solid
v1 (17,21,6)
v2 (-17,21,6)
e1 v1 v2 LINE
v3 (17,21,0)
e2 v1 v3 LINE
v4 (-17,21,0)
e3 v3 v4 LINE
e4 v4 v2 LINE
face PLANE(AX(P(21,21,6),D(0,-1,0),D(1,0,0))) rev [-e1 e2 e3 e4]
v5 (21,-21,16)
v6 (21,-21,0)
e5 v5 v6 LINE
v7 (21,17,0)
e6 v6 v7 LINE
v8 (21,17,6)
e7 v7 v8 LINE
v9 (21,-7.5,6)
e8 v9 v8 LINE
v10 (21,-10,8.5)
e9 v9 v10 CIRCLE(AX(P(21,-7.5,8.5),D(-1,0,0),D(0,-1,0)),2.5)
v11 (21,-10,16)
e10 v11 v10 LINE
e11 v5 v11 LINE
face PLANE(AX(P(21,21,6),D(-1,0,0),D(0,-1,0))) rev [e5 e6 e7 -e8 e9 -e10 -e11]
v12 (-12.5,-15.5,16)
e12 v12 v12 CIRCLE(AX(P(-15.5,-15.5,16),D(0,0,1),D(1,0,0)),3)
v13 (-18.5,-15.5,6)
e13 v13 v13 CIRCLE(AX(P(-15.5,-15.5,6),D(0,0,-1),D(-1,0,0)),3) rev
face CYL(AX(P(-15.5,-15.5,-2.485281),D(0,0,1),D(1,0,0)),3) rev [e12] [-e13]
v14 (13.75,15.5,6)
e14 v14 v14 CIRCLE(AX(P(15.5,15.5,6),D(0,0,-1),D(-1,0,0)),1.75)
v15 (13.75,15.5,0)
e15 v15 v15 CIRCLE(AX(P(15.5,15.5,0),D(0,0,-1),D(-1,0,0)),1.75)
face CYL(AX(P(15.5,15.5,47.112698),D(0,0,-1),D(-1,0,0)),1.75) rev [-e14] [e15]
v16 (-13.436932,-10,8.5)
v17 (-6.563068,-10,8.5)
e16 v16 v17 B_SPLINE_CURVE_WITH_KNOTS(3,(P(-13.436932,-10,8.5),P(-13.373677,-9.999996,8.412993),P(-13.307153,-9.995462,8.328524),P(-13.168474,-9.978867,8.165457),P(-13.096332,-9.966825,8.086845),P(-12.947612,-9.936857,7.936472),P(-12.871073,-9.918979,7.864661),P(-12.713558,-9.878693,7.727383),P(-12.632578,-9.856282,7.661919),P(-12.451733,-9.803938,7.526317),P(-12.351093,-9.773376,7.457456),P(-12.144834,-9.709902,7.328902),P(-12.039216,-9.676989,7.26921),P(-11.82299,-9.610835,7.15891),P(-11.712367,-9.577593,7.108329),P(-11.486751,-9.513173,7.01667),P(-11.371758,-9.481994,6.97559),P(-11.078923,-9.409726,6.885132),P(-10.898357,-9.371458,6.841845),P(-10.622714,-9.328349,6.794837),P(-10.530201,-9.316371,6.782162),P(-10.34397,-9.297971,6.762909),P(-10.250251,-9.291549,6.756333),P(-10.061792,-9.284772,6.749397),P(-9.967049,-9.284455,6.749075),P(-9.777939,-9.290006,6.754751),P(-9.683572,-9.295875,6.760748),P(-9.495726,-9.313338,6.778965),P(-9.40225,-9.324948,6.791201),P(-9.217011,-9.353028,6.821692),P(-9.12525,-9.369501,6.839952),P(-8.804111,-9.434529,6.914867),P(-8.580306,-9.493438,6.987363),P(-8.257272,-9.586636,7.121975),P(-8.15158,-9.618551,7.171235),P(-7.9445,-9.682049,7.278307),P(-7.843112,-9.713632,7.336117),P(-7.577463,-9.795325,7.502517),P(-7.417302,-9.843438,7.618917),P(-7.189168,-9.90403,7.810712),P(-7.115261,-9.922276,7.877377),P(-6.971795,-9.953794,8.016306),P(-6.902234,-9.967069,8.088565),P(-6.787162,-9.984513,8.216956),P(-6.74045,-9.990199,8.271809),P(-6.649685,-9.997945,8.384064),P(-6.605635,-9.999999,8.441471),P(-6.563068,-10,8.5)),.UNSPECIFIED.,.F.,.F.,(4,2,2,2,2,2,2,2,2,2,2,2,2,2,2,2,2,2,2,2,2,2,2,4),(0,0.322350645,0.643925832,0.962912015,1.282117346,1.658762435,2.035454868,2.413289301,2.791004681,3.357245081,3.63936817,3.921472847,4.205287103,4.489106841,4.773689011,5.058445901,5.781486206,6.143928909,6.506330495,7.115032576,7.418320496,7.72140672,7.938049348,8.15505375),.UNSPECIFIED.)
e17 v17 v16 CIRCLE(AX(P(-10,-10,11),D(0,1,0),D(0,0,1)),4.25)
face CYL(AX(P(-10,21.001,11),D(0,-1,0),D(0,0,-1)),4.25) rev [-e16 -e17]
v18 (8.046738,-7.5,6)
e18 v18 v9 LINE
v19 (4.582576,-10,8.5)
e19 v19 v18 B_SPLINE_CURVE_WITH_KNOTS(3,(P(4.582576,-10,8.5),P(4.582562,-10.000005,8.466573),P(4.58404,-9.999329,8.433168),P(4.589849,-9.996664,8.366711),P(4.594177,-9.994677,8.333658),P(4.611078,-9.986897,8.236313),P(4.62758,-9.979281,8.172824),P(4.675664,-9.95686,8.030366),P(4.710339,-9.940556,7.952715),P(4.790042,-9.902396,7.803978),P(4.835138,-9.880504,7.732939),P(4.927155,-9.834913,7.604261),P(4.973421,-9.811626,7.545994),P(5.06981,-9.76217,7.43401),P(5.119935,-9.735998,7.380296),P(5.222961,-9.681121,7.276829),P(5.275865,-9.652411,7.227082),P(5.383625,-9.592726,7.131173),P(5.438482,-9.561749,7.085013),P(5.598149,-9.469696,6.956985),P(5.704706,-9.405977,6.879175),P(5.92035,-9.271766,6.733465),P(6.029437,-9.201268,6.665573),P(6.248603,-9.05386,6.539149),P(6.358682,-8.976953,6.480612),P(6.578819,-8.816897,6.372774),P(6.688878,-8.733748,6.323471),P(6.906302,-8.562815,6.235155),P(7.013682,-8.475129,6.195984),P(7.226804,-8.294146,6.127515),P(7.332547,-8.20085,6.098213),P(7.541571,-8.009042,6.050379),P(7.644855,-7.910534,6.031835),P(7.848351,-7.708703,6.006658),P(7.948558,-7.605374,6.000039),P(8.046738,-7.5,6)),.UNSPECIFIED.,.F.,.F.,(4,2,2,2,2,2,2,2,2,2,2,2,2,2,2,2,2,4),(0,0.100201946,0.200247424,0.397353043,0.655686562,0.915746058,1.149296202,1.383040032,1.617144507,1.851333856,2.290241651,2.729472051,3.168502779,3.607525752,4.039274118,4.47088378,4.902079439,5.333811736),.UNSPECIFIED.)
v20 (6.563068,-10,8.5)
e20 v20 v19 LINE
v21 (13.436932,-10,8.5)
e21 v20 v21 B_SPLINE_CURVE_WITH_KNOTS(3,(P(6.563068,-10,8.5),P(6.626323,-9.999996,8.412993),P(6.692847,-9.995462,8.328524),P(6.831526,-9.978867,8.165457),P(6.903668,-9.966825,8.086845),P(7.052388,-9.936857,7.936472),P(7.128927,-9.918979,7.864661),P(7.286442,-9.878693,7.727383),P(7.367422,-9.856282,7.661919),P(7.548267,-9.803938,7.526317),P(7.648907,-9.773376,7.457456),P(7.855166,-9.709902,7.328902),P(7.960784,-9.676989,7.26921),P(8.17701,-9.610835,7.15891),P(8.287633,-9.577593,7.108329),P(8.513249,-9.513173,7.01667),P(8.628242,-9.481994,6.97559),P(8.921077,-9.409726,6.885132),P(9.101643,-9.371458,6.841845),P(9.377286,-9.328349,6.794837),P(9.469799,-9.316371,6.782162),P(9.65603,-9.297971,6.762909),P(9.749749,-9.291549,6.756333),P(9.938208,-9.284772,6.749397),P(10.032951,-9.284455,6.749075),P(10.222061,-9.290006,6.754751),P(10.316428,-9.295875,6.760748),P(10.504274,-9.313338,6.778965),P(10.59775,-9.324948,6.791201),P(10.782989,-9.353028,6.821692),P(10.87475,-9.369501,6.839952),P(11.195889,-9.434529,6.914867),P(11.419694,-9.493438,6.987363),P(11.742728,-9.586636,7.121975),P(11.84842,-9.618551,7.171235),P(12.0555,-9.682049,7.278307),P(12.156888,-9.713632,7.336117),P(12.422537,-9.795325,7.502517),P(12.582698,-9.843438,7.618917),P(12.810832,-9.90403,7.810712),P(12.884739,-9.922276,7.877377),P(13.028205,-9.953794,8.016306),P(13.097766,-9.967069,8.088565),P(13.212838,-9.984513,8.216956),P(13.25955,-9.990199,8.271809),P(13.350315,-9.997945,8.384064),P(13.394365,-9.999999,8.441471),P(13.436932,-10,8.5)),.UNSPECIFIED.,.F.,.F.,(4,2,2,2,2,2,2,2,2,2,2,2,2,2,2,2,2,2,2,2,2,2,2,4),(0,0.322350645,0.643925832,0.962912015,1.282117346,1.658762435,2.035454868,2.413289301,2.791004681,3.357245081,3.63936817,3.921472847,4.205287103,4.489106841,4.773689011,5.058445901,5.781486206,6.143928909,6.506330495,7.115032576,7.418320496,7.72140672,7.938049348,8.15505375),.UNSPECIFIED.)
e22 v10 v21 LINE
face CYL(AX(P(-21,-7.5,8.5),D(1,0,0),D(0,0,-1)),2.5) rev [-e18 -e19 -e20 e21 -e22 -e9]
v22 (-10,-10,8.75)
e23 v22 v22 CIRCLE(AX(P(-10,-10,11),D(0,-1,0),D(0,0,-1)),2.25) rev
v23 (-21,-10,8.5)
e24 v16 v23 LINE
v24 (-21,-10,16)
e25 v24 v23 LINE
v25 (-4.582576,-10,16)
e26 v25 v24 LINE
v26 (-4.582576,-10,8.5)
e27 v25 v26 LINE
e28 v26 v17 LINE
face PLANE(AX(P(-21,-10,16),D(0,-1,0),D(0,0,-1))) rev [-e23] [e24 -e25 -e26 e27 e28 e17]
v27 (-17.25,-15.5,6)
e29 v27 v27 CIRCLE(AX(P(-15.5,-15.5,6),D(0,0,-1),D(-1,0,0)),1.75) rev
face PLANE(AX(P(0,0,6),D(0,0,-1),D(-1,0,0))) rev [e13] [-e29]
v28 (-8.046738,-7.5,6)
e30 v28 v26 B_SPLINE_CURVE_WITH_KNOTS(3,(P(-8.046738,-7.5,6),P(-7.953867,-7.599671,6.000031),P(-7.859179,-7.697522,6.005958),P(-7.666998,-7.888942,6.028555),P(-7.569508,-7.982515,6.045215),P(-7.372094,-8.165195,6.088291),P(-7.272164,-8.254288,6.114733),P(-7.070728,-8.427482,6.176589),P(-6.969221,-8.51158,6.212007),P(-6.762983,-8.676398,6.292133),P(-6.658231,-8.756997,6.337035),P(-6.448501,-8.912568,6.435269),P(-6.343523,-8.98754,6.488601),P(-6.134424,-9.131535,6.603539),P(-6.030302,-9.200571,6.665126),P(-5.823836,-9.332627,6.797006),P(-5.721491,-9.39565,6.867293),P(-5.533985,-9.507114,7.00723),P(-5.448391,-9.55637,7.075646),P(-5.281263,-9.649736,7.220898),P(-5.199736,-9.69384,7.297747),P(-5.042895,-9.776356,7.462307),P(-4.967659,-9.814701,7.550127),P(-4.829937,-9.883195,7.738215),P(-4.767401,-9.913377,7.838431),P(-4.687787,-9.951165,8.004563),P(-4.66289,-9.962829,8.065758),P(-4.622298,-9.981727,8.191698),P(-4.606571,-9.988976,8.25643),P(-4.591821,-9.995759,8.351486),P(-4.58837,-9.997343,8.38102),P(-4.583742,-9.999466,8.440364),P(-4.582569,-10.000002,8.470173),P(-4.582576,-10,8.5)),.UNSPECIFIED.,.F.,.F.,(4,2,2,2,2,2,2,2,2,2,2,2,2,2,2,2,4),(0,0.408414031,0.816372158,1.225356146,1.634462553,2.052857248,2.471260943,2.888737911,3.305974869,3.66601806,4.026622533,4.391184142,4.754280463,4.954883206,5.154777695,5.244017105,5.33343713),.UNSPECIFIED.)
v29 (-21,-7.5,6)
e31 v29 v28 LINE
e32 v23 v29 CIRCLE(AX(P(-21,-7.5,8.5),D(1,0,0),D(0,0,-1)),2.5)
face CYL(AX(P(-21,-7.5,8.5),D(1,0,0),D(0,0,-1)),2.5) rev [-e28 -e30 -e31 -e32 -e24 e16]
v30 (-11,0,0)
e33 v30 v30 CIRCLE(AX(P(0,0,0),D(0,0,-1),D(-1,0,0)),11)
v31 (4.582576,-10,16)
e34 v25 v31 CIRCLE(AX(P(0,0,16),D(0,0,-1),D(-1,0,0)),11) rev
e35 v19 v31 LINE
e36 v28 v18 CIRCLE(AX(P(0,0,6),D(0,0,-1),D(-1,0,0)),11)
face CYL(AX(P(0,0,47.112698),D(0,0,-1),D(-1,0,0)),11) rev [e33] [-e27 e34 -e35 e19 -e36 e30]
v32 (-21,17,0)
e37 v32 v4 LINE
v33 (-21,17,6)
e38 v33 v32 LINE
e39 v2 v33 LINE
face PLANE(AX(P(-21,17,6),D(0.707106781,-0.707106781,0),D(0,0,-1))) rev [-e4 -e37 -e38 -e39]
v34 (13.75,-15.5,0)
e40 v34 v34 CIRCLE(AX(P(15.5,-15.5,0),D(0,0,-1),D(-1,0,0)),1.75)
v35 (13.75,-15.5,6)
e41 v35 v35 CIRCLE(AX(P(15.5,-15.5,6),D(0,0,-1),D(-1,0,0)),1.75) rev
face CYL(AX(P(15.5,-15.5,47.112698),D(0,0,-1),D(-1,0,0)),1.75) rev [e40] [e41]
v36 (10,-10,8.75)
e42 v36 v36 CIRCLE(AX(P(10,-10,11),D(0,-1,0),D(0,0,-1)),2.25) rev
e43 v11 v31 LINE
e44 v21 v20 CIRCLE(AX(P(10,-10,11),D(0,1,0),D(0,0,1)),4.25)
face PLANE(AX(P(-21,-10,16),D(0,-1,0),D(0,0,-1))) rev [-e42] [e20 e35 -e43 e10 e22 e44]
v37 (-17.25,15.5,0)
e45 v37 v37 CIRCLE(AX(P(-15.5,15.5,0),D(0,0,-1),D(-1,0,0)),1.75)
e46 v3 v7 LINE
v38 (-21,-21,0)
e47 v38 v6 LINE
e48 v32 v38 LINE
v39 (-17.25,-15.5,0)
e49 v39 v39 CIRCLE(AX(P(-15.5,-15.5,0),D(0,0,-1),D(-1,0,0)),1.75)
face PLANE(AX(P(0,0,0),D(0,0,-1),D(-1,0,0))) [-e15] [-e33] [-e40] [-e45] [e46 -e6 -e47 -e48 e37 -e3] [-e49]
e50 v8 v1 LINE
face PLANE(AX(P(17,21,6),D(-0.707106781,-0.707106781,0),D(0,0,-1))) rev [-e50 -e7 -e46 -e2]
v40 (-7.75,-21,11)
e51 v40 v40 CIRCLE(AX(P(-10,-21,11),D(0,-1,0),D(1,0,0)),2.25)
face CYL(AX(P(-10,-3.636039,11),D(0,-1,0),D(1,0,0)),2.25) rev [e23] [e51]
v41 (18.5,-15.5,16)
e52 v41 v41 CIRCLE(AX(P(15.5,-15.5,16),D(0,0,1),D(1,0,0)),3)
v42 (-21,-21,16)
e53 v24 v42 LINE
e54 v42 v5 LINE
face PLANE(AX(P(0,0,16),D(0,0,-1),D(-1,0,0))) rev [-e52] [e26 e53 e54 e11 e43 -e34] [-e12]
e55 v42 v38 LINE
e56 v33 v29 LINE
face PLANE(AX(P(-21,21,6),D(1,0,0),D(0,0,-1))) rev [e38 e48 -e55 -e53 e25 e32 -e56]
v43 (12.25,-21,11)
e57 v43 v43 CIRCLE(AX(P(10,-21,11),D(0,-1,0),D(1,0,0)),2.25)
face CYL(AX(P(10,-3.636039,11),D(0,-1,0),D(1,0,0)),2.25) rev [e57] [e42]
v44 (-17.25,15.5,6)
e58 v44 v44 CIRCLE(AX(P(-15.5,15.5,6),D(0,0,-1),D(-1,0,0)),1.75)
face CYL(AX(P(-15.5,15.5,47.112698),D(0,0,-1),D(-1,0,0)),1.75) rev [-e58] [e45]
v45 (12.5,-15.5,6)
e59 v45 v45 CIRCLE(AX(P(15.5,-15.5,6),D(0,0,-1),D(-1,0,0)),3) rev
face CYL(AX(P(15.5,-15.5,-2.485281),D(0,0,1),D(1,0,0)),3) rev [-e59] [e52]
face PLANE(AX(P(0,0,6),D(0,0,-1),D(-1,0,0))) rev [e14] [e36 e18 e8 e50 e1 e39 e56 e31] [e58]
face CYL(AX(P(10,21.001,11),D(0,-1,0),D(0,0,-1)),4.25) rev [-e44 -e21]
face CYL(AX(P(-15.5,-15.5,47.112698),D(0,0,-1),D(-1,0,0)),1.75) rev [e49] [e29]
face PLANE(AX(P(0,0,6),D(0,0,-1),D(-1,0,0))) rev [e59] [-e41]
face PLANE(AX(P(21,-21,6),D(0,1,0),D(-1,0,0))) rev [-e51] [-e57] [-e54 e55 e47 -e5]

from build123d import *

# Parameters (mm, degrees)
ESBO_O1_W                = 42
ESBO_O1_H                = 42
RESSALTO_EXTRUS_O3_DEPTH = 6
ESBO_O7_W                = 42
ESBO_O7_H                = 11
RESSALTO_EXTRUS_O4_DEPTH = 10
CORTE_EXTRUS_O3_REACH    = 35.734
ESBO_O6_R                = 11
ESBO_O6_R_2              = 1.75
CHANFRO1_SIZE            = 4
FILETE1_R                = 2.5
ESBO_O8_R                = 2.25
CORTE_EXTRUS_O4_DEPTH    = 11
ESBO_O9_R                = 3
CORTE_EXTRUS_O5_DEPTH    = 10
CORTE_EXTRUS_O6_REACH    = 42.719
ESBO_O10_R               = 4.25


with BuildPart() as part:
    # Esboço1 → Ressalto-extrusão3 (new body)
    with BuildSketch(Plane.XY):
        Rectangle(ESBO_O1_W, ESBO_O1_H)
    extrude(amount=RESSALTO_EXTRUS_O3_DEPTH)

    # Esboço7 → Ressalto-extrusão4 (add)
    with BuildSketch(Plane.XY.offset(6)):
        with Locations((0, -15.5)):
            Rectangle(ESBO_O7_W, ESBO_O7_H)
    extrude(amount=RESSALTO_EXTRUS_O4_DEPTH)

    # Corte-extrusão3: up to this face of the body (flat: up to its plane)
    corte_extrus_o3_end = Plane(part.part.faces().sort_by_distance((0, -15.5, 16))[0])
    # Esboço6 → Corte-extrusão3 (cut, up to the picked face)
    with BuildSketch(Plane(origin=(0, 0, 0), x_dir=(-1, 0, 0), z_dir=(0, 0, -1)), mode=Mode.PRIVATE) as corte_extrus_o3_sk1:
        Circle(ESBO_O6_R)
    corte_extrus_o3_tool1 = split(extrude(corte_extrus_o3_sk1.sketch, amount=-CORTE_EXTRUS_O3_REACH, mode=Mode.PRIVATE), bisect_by=corte_extrus_o3_end, keep=Keep.BOTH, mode=Mode.PRIVATE)
    # Esboço6 → Corte-extrusão3 (cut, up to the picked face)
    with BuildSketch(Plane(origin=(0, 0, 0), x_dir=(-1, 0, 0), z_dir=(0, 0, -1)), mode=Mode.PRIVATE) as corte_extrus_o3_sk2:
        with Locations((-15.5, 15.5)):
            Circle(ESBO_O6_R_2)
    corte_extrus_o3_tool2 = split(extrude(corte_extrus_o3_sk2.sketch, amount=-CORTE_EXTRUS_O3_REACH, mode=Mode.PRIVATE), bisect_by=corte_extrus_o3_end, keep=Keep.BOTH, mode=Mode.PRIVATE)
    # Esboço6 → Corte-extrusão3 (cut, up to the picked face)
    with BuildSketch(Plane(origin=(0, 0, 0), x_dir=(-1, 0, 0), z_dir=(0, 0, -1)), mode=Mode.PRIVATE) as corte_extrus_o3_sk3:
        with Locations((15.5, 15.5)):
            Circle(ESBO_O6_R_2)
    corte_extrus_o3_tool3 = split(extrude(corte_extrus_o3_sk3.sketch, amount=-CORTE_EXTRUS_O3_REACH, mode=Mode.PRIVATE), bisect_by=corte_extrus_o3_end, keep=Keep.BOTH, mode=Mode.PRIVATE)
    # Esboço6 → Corte-extrusão3 (cut, up to the picked face)
    with BuildSketch(Plane(origin=(0, 0, 0), x_dir=(-1, 0, 0), z_dir=(0, 0, -1)), mode=Mode.PRIVATE) as corte_extrus_o3_sk4:
        with Locations((15.5, -15.5)):
            Circle(ESBO_O6_R_2)
    corte_extrus_o3_tool4 = split(extrude(corte_extrus_o3_sk4.sketch, amount=-CORTE_EXTRUS_O3_REACH, mode=Mode.PRIVATE), bisect_by=corte_extrus_o3_end, keep=Keep.BOTH, mode=Mode.PRIVATE)
    # Esboço6 → Corte-extrusão3 (cut, up to the picked face)
    with BuildSketch(Plane(origin=(0, 0, 0), x_dir=(-1, 0, 0), z_dir=(0, 0, -1)), mode=Mode.PRIVATE) as corte_extrus_o3_sk5:
        with Locations((-15.5, -15.5)):
            Circle(ESBO_O6_R_2)
    corte_extrus_o3_tool5 = split(extrude(corte_extrus_o3_sk5.sketch, amount=-CORTE_EXTRUS_O3_REACH, mode=Mode.PRIVATE), bisect_by=corte_extrus_o3_end, keep=Keep.BOTH, mode=Mode.PRIVATE)
    add(corte_extrus_o3_tool1.solids().sort_by(Axis((0, 0, 0), (0, 0, 1)))[0], mode=Mode.SUBTRACT)
    add(corte_extrus_o3_tool2.solids().sort_by(Axis((15.5, 15.5, 0), (0, 0, 1)))[0], mode=Mode.SUBTRACT)
    add(corte_extrus_o3_tool3.solids().sort_by(Axis((-15.5, 15.5, 0), (0, 0, 1)))[0], mode=Mode.SUBTRACT)
    add(corte_extrus_o3_tool4.solids().sort_by(Axis((-15.5, -15.5, 0), (0, 0, 1)))[0], mode=Mode.SUBTRACT)
    add(corte_extrus_o3_tool5.solids().sort_by(Axis((15.5, -15.5, 0), (0, 0, 1)))[0], mode=Mode.SUBTRACT)

    # Chanfro1
    chanfro1_edges = [part.edges().sort_by_distance(p)[0] for p in [
        (-21, 21, 3),
        (21, 21, 3),
    ]]
    chamfer(chanfro1_edges, length=CHANFRO1_SIZE)

    # Filete1
    filete1_edges = [part.edges().sort_by_distance(p)[0] for p in [
        (12.791287847, -10, 6),
        (-12.791287847, -10, 6),
    ]]
    fillet(filete1_edges, radius=FILETE1_R)

    # Esboço8 → Corte-extrusão4 (cut)
    with BuildSketch(Plane.XZ.offset(21)):
        with Locations((-10, 11)):
            Circle(ESBO_O8_R)
        with Locations((10, 11)):
            Circle(ESBO_O8_R)
    extrude(amount=-CORTE_EXTRUS_O4_DEPTH, mode=Mode.SUBTRACT)

    # Esboço9 → Corte-extrusão5 (cut)
    with BuildSketch(Plane.XY.offset(16)):
        with Locations((-15.5, -15.5)):
            Circle(ESBO_O9_R)
        with Locations((15.5, -15.5)):
            Circle(ESBO_O9_R)
    extrude(amount=-CORTE_EXTRUS_O5_DEPTH, mode=Mode.SUBTRACT)

    # Esboço10 → Corte-extrusão6 (cut, up to next)
    with BuildSketch(Plane(origin=(0, -10, 0), x_dir=(1, 0, 0), z_dir=(0, 1, 0)), mode=Mode.PRIVATE) as corte_extrus_o6_sk1:
        with Locations((10, -11)):
            Circle(ESBO_O10_R)
    corte_extrus_o6_tool1 = extrude(corte_extrus_o6_sk1.sketch, amount=CORTE_EXTRUS_O6_REACH, mode=Mode.PRIVATE) & part.part
    # Esboço10 → Corte-extrusão6 (cut, up to next)
    with BuildSketch(Plane(origin=(0, -10, 0), x_dir=(1, 0, 0), z_dir=(0, 1, 0)), mode=Mode.PRIVATE) as corte_extrus_o6_sk2:
        with Locations((-10, -11)):
            Circle(ESBO_O10_R)
    corte_extrus_o6_tool2 = extrude(corte_extrus_o6_sk2.sketch, amount=CORTE_EXTRUS_O6_REACH, mode=Mode.PRIVATE) & part.part
    add(corte_extrus_o6_tool1.solids().sort_by_distance((10, -10, 11))[0], mode=Mode.SUBTRACT)
    add(corte_extrus_o6_tool2.solids().sort_by_distance((-10, -10, 11))[0], mode=Mode.SUBTRACT)


solid = part.part
